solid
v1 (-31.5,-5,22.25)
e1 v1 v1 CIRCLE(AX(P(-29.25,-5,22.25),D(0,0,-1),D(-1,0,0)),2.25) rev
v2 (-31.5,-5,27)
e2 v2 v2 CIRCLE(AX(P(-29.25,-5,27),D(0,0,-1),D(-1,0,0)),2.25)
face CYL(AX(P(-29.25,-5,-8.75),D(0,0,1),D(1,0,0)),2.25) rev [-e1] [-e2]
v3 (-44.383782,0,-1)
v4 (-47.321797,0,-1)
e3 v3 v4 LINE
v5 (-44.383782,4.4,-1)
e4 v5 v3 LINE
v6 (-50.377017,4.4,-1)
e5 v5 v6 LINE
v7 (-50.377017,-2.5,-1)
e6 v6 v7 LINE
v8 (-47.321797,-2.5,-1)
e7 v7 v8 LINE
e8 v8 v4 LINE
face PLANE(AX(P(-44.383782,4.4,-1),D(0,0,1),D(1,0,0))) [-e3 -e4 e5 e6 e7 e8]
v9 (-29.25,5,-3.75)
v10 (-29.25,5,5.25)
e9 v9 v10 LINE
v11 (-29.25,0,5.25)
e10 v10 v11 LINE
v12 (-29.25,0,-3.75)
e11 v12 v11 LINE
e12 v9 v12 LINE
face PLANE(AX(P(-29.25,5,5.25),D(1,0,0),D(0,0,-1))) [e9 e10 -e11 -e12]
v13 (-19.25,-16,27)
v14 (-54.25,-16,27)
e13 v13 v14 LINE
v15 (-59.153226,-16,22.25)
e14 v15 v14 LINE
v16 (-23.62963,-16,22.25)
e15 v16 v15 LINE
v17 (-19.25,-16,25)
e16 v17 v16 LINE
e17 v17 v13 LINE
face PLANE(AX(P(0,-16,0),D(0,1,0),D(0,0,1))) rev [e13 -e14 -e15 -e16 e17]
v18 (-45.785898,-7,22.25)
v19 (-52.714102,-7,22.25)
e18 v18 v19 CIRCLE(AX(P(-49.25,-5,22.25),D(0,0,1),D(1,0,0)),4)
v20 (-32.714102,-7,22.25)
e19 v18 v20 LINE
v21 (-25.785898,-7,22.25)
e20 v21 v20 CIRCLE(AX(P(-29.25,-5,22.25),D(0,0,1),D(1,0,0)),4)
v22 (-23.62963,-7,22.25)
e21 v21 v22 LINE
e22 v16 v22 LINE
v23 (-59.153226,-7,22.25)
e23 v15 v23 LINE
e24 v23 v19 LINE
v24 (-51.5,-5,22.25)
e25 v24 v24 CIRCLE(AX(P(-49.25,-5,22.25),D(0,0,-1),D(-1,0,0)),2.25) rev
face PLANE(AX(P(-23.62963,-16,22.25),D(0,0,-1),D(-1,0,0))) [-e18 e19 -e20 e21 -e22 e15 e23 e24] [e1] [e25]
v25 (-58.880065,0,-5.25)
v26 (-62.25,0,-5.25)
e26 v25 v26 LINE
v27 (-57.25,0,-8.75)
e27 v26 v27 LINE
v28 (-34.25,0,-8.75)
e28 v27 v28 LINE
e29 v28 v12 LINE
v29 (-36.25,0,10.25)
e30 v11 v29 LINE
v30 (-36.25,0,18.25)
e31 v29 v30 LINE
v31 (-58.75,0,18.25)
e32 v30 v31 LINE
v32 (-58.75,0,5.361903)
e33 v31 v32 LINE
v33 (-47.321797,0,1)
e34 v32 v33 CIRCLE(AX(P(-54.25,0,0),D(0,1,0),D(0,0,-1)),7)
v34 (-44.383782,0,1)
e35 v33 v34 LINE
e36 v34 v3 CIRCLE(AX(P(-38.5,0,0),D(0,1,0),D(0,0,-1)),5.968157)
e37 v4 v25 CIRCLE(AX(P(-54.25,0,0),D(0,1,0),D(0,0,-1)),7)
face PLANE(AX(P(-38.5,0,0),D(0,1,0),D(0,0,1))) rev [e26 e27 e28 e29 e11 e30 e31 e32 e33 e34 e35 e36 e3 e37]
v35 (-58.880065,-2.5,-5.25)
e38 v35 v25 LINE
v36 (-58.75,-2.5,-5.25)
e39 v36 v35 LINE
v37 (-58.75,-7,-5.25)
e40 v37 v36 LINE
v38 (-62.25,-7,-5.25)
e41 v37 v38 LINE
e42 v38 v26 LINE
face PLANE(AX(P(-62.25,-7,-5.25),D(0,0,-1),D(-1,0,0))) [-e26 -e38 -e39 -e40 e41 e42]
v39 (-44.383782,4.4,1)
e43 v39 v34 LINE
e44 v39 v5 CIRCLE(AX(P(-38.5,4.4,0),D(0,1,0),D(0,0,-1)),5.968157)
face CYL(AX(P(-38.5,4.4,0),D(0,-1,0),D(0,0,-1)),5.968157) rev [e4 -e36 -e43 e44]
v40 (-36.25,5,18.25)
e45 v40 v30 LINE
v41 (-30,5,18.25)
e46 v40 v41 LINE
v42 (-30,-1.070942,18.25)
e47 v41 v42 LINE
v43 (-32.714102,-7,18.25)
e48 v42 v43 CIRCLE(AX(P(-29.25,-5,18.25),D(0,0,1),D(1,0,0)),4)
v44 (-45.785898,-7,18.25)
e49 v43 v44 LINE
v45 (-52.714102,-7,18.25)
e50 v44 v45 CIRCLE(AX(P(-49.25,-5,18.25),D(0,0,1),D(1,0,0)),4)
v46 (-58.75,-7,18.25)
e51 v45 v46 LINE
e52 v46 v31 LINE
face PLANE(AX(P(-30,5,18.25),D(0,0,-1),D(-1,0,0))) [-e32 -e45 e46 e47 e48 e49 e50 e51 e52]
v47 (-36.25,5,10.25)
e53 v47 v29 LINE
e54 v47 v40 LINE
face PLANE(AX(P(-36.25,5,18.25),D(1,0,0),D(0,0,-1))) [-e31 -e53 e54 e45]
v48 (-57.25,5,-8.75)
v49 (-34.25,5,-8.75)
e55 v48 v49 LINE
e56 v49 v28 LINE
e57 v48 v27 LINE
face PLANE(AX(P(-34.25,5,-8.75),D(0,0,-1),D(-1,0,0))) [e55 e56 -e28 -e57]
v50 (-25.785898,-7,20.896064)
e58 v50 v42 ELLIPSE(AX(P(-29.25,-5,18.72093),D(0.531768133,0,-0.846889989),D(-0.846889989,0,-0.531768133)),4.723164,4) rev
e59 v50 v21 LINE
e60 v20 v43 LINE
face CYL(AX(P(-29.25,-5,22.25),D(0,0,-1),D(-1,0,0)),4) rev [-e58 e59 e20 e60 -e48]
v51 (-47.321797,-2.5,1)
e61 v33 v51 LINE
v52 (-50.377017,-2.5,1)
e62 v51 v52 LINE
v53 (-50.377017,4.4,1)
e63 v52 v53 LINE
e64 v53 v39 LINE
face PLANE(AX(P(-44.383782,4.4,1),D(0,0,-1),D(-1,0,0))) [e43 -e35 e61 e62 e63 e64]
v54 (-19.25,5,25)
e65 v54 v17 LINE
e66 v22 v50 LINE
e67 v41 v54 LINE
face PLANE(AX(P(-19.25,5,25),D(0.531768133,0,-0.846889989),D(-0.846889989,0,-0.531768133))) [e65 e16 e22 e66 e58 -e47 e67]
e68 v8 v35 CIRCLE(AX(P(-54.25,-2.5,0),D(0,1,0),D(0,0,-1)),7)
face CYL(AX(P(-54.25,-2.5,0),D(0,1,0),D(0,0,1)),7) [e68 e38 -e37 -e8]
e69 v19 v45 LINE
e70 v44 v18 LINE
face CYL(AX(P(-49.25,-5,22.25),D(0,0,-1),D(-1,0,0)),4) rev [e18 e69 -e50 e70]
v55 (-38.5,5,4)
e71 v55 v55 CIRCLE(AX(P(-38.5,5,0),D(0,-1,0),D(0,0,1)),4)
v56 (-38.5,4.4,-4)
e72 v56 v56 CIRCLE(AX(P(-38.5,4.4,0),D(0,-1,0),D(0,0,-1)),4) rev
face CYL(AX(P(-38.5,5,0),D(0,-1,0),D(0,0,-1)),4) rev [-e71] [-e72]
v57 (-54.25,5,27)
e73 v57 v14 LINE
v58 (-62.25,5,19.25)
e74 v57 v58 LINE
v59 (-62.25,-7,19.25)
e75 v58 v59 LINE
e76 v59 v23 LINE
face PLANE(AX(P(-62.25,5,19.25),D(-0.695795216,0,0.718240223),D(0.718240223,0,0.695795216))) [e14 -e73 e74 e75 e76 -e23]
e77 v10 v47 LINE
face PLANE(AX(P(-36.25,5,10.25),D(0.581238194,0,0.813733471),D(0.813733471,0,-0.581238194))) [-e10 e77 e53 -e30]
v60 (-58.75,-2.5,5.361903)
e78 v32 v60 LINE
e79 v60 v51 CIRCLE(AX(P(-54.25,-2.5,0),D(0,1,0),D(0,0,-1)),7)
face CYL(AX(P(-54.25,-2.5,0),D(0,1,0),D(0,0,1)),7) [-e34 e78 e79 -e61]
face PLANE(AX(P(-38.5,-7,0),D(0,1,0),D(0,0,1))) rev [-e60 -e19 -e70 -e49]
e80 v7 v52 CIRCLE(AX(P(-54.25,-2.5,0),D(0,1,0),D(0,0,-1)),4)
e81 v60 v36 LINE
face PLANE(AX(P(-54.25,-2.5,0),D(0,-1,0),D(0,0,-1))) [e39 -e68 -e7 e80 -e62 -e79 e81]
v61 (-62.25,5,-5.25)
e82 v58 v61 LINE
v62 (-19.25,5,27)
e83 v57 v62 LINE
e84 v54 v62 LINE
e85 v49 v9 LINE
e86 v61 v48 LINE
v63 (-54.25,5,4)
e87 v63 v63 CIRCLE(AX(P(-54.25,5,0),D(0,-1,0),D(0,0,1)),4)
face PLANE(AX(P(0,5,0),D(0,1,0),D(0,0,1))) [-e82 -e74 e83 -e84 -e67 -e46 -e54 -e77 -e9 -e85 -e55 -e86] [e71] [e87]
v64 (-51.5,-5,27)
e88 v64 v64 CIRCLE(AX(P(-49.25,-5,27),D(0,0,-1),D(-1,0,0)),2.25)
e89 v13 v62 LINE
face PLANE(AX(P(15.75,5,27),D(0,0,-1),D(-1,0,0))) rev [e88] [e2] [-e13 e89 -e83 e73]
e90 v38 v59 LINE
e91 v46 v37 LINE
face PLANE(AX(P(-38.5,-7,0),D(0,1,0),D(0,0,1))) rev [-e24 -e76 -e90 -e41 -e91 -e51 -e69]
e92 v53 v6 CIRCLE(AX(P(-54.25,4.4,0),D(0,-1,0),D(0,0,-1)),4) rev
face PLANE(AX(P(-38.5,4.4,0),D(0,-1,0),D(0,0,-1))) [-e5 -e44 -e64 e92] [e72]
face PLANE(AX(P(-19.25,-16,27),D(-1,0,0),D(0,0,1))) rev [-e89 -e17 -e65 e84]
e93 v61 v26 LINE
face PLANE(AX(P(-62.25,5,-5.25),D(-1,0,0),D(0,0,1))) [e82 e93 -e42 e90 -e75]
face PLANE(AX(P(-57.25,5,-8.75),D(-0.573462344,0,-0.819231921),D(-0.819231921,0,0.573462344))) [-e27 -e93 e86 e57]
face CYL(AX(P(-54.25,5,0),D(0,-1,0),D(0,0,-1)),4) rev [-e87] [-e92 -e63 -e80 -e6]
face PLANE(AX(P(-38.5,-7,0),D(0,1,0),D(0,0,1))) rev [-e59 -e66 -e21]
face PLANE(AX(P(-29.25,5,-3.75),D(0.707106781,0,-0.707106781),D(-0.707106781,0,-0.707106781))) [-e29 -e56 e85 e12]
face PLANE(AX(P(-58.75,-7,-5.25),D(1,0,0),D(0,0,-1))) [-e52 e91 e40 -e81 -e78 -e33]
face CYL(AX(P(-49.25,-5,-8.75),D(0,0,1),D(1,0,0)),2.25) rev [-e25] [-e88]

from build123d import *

# Parameters (mm, degrees)
SKETCH1_R           = 4
BOSS_EXTRUDE1_DEPTH = 5
BOSS_EXTRUDE2_DEPTH = 7
BOSS_EXTRUDE3_DEPTH = 16
SKETCH6_R           = 7
SKETCH6_R_2         = 4
BOSS_EXTRUDE4_DEPTH = 2.5
CUT_EXTRUDE1_DEPTH  = 4.4
CUT_EXTRUDE2_DEPTH  = 21.4
SKETCH8_R           = 2.25
CUT_EXTRUDE3_DEPTH  = 36.75
SKETCH9_R           = 4
CUT_EXTRUDE4_DEPTH  = 4
SKETCH10_W          = 49.722079373
SKETCH10_H          = 35.75
CUT_EXTRUDE5_DEPTH  = 22


with BuildPart() as part:
    # Sketch1 → Boss-Extrude1 (new body)
    with BuildSketch(Plane(origin=(0, 0, 0), x_dir=(1, 0, 0), z_dir=(0, 1, 0))):
        Polygon((-4.25, 8.75), (18.75, 8.75), (23.75, 5.25), (23.75, -19.25), (15.75, -27), (-19.25, -27), (-19.25, -25), (-8.5, -18.25), (-2.25, -18.25), (-2.25, -10.25), (-9.25, -5.25), (-9.25, 3.75), align=None)
        Circle(SKETCH1_R, mode=Mode.SUBTRACT)
        with Locations((15.75, 0)):
            Circle(SKETCH1_R, mode=Mode.SUBTRACT)
    boss_extrude1 = extrude(amount=BOSS_EXTRUDE1_DEPTH)

    # Sketch2 → Boss-Extrude2 (add)
    with BuildSketch(Plane.XZ):
        Polygon((23.75, 19.25), (23.75, -5.25), (20.25, -5.25), (20.25, 18.25), (-8.5, 18.25), (-14.87037037, 22.25), (20.653225806, 22.25), align=None)
    boss_extrude2 = extrude(amount=BOSS_EXTRUDE2_DEPTH)

    # Sketch3 → Boss-Extrude3 (add)
    with BuildSketch(Plane.XZ):
        Polygon((-14.87037037, 22.25), (20.653225806, 22.25), (15.75, 27), (-19.25, 27), (-19.25, 25), align=None)
    boss_extrude3 = extrude(amount=BOSS_EXTRUDE3_DEPTH)

    # Sketch6 → Boss-Extrude4 (add)
    with BuildSketch(Plane.XZ):
        with Locations((15.75, 0)):
            Circle(SKETCH6_R)
        with Locations((15.75, 0)):
            Circle(SKETCH6_R_2, mode=Mode.SUBTRACT)
    boss_extrude4 = extrude(amount=BOSS_EXTRUDE4_DEPTH)

    # Sketch4 → Cut-Extrude1 (cut)
    with BuildSketch(Plane.XZ):
        with BuildLine():
            Line((5.883782294, -1), (12.395898034, -1))
            ThreePointArc((12.395898034, -1), (12.25, 0), (12.395898034, 1))
            Line((12.395898034, 1), (5.883782294, 1))
            ThreePointArc((5.883782294, 1), (-5.968156673, 0), (5.883782294, -1))
        make_face()
    cut_extrude1 = extrude(amount=-CUT_EXTRUDE1_DEPTH, mode=Mode.SUBTRACT)

    # Sketch7 → Cut-Extrude2 (cut, through all)
    with BuildSketch(Plane.XZ.offset(-4.4)):
        with BuildLine():
            Line((5.883782294, -1), (11.877016654, -1))
            ThreePointArc((11.877016654, -1), (11.75, 0), (11.877016654, 1))
            Line((11.877016654, 1), (5.883782294, 1))
            ThreePointArc((5.883782294, 1), (-5.968156673, 0), (5.883782294, -1))
        make_face()
    cut_extrude2 = extrude(amount=CUT_EXTRUDE2_DEPTH, mode=Mode.SUBTRACT)

    # Sketch8 → Cut-Extrude3 (cut, through all)
    with BuildSketch(Plane.XY.offset(27)):
        with Locations((10.75, -5)):
            Circle(SKETCH8_R)
        with Locations((-9.25, -5)):
            Circle(SKETCH8_R)
    cut_extrude3 = extrude(amount=-CUT_EXTRUDE3_DEPTH, mode=Mode.SUBTRACT)

    # Sketch9 → Cut-Extrude4 (cut)
    with BuildSketch(Plane(origin=(0, 0, 18.25), x_dir=(-1, 0, 0), z_dir=(0, 0, -1))):
        with Locations((-10.75, -5)):
            Circle(SKETCH9_R)
        with Locations((9.25, -5)):
            Circle(SKETCH9_R)
    cut_extrude4 = extrude(amount=-CUT_EXTRUDE4_DEPTH, mode=Mode.SUBTRACT)

    # Mirror1: Boss-Extrude1, Boss-Extrude2, Boss-Extrude3, Boss-Extrude4, Cut-Extrude1, Cut-Extrude2, Cut-Extrude3, Cut-Extrude4 across plane
    add(boss_extrude1.mirror(Plane(origin=(-19.25, 5, 27), x_dir=(0, 0, 1), z_dir=(1, 0, 0))))
    add(boss_extrude2.mirror(Plane(origin=(-19.25, 5, 27), x_dir=(0, 0, 1), z_dir=(1, 0, 0))))
    add(boss_extrude3.mirror(Plane(origin=(-19.25, 5, 27), x_dir=(0, 0, 1), z_dir=(1, 0, 0))))
    add(boss_extrude4.mirror(Plane(origin=(-19.25, 5, 27), x_dir=(0, 0, 1), z_dir=(1, 0, 0))))
    add(cut_extrude1.mirror(Plane(origin=(-19.25, 5, 27), x_dir=(0, 0, 1), z_dir=(1, 0, 0))), mode=Mode.SUBTRACT)
    add(cut_extrude2.mirror(Plane(origin=(-19.25, 5, 27), x_dir=(0, 0, 1), z_dir=(1, 0, 0))), mode=Mode.SUBTRACT)
    add(cut_extrude3.mirror(Plane(origin=(-19.25, 5, 27), x_dir=(0, 0, 1), z_dir=(1, 0, 0))), mode=Mode.SUBTRACT)
    add(cut_extrude4.mirror(Plane(origin=(-19.25, 5, 27), x_dir=(0, 0, 1), z_dir=(1, 0, 0))), mode=Mode.SUBTRACT)

    # Sketch10 → Cut-Extrude5 (cut, through all)
    with BuildSketch(Plane(origin=(0, 5, 0), x_dir=(1, 0, 0), z_dir=(0, 1, 0))):
        with Locations((5.611039687, -9.125)):
            Rectangle(SKETCH10_W, SKETCH10_H)
    extrude(amount=-CUT_EXTRUDE5_DEPTH, mode=Mode.SUBTRACT)


solid = part.part
